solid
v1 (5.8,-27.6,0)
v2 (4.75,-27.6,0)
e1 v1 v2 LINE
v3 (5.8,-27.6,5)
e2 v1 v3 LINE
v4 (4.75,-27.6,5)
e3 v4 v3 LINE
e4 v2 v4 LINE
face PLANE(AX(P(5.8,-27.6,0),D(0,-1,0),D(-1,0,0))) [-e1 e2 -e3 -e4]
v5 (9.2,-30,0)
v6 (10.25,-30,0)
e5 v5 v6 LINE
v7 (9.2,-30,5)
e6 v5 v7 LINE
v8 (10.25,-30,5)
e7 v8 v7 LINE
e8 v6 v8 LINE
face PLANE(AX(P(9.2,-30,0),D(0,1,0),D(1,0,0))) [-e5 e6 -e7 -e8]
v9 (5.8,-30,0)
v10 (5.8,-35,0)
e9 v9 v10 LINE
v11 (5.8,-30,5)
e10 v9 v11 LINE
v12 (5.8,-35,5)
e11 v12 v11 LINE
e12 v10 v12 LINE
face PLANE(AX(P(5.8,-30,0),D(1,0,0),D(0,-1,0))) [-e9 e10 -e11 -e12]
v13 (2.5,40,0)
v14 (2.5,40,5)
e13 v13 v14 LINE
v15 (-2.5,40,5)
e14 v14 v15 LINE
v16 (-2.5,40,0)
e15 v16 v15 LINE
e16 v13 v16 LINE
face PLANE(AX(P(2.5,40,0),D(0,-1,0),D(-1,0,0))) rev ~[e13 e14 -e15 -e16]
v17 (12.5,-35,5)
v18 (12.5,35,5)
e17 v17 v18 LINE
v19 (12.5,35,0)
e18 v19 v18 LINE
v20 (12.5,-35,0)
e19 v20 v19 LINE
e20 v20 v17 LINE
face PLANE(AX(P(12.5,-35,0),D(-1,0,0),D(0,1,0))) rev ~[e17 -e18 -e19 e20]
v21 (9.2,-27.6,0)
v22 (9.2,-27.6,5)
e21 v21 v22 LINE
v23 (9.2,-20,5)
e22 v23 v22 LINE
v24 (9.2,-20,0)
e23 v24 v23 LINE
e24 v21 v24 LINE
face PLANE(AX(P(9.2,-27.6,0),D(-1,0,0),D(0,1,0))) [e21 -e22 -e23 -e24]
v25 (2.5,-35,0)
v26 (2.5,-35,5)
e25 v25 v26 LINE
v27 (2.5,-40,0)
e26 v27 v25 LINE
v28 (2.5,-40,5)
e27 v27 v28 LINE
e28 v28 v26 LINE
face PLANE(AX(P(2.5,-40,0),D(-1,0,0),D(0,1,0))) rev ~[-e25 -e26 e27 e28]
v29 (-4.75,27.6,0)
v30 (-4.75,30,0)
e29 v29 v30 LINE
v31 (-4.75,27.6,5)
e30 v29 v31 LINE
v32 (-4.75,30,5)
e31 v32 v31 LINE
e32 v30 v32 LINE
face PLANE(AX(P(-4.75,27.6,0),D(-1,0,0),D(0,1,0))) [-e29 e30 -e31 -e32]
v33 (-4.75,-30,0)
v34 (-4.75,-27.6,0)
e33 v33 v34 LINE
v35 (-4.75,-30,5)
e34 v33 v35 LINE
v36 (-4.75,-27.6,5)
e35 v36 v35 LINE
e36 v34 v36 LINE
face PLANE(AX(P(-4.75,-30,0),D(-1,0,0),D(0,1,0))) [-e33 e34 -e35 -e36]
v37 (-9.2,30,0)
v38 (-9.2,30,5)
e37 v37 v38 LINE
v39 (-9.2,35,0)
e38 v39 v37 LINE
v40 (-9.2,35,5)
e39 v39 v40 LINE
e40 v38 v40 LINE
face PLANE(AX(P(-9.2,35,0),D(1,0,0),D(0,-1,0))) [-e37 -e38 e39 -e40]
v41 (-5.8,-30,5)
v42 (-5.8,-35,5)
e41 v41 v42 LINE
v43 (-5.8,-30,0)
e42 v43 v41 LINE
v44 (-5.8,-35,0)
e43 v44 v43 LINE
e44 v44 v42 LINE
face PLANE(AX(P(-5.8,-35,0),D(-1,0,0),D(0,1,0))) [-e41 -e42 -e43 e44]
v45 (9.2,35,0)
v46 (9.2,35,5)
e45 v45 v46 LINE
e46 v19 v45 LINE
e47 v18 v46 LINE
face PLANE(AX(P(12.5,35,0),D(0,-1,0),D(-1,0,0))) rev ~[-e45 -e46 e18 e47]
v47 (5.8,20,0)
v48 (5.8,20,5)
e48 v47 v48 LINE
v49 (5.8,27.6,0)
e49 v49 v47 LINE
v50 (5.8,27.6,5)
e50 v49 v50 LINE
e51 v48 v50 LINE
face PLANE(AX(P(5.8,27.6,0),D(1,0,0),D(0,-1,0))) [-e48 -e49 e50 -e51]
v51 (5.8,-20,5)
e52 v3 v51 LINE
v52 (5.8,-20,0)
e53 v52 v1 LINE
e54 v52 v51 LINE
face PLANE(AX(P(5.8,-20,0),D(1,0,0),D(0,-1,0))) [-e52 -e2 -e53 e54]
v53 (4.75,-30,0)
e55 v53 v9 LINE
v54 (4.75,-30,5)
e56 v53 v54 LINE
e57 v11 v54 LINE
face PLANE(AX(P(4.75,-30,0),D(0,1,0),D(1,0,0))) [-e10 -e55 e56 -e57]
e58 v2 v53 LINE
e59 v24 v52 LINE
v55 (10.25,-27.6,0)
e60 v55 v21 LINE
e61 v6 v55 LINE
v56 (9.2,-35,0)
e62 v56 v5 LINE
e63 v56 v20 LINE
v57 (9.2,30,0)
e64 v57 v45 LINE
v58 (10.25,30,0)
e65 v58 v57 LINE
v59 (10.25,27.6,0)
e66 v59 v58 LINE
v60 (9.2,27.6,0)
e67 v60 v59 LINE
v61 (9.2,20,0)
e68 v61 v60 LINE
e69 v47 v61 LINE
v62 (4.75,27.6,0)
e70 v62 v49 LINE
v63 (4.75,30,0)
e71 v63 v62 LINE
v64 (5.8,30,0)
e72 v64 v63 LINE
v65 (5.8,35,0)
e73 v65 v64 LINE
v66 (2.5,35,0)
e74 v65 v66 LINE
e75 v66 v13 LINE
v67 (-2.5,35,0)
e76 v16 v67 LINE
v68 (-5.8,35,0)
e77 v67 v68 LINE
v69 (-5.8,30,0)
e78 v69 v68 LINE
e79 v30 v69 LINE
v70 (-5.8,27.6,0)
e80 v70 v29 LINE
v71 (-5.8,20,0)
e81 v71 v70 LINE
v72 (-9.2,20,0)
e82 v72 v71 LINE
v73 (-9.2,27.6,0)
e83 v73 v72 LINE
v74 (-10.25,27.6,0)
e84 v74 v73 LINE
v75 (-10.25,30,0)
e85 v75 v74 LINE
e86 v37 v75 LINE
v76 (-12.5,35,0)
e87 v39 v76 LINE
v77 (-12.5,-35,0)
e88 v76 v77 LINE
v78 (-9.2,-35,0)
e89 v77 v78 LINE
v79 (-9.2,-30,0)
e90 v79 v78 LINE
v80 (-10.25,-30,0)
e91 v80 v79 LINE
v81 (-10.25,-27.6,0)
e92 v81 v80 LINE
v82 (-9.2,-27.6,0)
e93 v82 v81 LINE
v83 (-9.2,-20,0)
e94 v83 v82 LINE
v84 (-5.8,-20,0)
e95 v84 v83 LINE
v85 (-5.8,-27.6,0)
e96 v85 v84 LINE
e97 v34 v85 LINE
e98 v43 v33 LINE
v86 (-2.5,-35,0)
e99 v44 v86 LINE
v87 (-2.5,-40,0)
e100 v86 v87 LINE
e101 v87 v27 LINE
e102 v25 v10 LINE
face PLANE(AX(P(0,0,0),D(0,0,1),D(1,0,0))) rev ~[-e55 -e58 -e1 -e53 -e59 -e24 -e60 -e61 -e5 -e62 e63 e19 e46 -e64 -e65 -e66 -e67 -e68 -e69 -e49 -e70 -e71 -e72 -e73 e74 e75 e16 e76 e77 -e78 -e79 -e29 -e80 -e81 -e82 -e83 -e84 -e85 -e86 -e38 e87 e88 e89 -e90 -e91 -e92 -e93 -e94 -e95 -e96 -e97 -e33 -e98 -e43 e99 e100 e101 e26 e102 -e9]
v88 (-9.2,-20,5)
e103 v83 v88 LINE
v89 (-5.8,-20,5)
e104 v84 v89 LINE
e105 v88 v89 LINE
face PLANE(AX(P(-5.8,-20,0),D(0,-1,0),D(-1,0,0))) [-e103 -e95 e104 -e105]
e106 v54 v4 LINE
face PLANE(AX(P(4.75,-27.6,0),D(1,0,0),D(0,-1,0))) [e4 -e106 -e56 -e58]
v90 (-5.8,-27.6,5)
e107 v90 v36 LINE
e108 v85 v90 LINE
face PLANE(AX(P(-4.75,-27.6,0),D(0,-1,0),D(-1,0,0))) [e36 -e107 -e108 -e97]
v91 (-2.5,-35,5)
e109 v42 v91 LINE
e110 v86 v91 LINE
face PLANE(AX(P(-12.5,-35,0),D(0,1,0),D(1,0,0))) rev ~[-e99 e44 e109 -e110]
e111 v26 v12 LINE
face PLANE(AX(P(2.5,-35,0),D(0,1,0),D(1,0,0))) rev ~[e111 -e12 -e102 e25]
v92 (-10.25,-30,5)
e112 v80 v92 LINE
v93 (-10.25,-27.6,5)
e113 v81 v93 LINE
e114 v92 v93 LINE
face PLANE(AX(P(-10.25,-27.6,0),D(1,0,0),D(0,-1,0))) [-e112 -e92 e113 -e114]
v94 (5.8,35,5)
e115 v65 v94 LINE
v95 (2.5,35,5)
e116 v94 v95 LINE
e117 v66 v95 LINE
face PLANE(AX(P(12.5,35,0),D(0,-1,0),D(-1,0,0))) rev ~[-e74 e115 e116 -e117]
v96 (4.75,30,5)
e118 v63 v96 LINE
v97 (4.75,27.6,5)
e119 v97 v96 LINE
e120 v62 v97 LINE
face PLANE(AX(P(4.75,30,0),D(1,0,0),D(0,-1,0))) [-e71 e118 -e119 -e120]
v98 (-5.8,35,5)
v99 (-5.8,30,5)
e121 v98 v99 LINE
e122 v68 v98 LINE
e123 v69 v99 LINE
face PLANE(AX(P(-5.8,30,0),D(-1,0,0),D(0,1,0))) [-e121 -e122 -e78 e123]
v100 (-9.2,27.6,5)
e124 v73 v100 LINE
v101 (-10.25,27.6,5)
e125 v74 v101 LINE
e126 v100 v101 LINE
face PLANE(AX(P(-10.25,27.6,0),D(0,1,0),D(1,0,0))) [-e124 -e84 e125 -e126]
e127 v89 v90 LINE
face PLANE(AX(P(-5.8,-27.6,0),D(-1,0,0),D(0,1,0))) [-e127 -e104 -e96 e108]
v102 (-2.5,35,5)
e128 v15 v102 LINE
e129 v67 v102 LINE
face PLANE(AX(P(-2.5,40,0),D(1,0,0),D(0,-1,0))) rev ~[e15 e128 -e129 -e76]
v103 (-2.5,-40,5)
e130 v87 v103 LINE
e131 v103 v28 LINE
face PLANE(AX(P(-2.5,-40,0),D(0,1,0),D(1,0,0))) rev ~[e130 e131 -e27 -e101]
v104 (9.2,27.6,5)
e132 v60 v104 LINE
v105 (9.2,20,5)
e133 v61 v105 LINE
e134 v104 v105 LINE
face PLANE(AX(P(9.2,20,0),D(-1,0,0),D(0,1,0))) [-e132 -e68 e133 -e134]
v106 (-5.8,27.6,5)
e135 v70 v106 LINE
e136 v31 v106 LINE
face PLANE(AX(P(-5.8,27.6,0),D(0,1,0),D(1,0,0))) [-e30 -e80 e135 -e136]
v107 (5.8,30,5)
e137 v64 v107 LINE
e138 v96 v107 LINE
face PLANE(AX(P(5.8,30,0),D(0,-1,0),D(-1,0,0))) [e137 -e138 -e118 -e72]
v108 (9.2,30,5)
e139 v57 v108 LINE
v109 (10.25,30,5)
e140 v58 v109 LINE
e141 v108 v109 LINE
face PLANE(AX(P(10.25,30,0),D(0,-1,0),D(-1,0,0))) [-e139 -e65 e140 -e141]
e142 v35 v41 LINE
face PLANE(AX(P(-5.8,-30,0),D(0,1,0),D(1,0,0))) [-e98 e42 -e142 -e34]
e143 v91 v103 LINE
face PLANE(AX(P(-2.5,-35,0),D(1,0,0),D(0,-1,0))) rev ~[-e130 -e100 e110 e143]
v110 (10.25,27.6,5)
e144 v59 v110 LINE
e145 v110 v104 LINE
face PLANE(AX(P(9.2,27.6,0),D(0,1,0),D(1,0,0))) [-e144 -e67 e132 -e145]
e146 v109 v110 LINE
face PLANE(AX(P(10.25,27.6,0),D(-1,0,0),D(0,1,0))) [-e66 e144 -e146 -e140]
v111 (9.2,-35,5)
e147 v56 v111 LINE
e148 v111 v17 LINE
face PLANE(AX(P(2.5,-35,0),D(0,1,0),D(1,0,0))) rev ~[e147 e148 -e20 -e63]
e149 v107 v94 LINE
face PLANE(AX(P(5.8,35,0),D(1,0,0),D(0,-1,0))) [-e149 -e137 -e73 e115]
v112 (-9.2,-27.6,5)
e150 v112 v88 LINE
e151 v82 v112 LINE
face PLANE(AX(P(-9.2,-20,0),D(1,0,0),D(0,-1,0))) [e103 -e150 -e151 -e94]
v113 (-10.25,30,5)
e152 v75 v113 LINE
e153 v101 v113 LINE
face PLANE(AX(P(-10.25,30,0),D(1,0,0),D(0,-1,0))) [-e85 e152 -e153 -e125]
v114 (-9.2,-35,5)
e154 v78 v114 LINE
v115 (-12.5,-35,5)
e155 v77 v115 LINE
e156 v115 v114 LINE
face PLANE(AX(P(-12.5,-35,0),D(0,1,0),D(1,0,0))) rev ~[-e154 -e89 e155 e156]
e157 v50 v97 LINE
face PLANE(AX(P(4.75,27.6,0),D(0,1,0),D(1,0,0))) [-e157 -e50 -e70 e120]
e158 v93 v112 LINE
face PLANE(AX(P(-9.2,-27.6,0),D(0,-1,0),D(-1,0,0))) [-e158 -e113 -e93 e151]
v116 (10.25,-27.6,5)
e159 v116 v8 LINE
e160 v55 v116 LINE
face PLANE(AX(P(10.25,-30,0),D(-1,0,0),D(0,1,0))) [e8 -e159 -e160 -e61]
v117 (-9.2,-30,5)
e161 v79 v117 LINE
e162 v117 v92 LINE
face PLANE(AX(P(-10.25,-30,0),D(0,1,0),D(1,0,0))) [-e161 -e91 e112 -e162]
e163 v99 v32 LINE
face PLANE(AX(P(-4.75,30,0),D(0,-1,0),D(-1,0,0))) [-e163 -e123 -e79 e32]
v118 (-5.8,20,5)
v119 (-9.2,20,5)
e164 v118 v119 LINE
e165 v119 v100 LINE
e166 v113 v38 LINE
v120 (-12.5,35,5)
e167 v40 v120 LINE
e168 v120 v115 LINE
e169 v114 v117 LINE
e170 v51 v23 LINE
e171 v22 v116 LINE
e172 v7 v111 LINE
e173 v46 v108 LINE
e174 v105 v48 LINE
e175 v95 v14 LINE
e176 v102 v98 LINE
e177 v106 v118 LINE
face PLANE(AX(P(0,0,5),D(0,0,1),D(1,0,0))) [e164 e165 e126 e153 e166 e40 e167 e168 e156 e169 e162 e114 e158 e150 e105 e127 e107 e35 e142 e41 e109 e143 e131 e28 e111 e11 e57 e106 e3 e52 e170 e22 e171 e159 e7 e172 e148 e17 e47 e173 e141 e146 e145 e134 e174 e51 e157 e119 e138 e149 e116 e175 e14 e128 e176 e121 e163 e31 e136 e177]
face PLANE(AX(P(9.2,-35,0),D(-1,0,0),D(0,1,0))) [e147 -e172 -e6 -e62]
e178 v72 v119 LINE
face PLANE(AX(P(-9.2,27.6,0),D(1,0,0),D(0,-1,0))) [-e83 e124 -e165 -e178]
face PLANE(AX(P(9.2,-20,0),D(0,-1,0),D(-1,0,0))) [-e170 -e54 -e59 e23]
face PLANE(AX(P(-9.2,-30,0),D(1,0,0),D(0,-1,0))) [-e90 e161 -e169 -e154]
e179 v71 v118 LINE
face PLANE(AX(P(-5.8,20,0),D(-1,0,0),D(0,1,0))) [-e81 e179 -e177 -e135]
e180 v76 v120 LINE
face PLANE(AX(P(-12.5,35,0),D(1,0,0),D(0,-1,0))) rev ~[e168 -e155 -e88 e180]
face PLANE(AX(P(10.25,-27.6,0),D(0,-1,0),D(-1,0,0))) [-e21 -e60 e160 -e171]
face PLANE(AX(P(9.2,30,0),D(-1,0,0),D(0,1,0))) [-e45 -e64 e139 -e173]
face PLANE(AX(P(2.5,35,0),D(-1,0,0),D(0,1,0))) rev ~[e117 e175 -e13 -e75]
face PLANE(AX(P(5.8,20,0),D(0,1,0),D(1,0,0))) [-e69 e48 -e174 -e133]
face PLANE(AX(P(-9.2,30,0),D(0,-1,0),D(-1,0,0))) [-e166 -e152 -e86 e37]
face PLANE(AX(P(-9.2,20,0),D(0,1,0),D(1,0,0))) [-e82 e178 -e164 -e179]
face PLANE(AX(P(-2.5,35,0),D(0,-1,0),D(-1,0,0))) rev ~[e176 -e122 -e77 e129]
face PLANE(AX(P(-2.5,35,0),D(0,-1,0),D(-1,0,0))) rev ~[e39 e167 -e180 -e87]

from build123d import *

# Parameters (mm, degrees)
BOSS_EXTRUDE1_DEPTH = 5
CUT_EXTRUDE1_DEPTH  = 10


with BuildPart() as part:
    # Sketch1 → Boss-Extrude1 (new body)
    with BuildSketch(Plane.XY):
        Polygon((-12.5, 35), (-12.5, -35), (-2.5, -35), (-2.5, -40), (2.5, -40), (2.5, -35), (12.5, -35), (12.5, 35), (2.5, 35), (2.5, 40), (-2.5, 40), (-2.5, 35), align=None)
    extrude(amount=BOSS_EXTRUDE1_DEPTH)

    # Sketch2 → Cut-Extrude1 (cut)
    with BuildSketch(Plane(origin=(0, 0, 0), x_dir=(-1, 0, 0), z_dir=(0, 0, -1))):
        Polygon((5.8, 35), (9.2, 35), (9.2, 30), (10.25, 30), (10.25, 27.6), (9.2, 27.6), (9.2, 20), (5.8, 20), (5.8, 27.6), (4.75, 27.6), (4.75, 30), (5.8, 30), align=None)
        Polygon((-5.8, 35), (-5.8, 30), (-4.75, 30), (-4.75, 27.6), (-5.8, 27.6), (-5.8, 20), (-9.2, 20), (-9.2, 27.6), (-10.25, 27.6), (-10.25, 30), (-9.2, 30), (-9.2, 35), align=None)
        Polygon((-5.8, -35), (-9.2, -35), (-9.2, -30), (-10.25, -30), (-10.25, -27.6), (-9.2, -27.6), (-9.2, -20), (-5.8, -20), (-5.8, -27.6), (-4.75, -27.6), (-4.75, -30), (-5.8, -30), align=None)
        Polygon((5.8, -35), (5.8, -30), (4.75, -30), (4.75, -27.6), (5.8, -27.6), (5.8, -20), (9.2, -20), (9.2, -27.6), (10.25, -27.6), (10.25, -30), (9.2, -30), (9.2, -35), align=None)
    extrude(amount=-CUT_EXTRUDE1_DEPTH, mode=Mode.SUBTRACT)


solid = part.part
